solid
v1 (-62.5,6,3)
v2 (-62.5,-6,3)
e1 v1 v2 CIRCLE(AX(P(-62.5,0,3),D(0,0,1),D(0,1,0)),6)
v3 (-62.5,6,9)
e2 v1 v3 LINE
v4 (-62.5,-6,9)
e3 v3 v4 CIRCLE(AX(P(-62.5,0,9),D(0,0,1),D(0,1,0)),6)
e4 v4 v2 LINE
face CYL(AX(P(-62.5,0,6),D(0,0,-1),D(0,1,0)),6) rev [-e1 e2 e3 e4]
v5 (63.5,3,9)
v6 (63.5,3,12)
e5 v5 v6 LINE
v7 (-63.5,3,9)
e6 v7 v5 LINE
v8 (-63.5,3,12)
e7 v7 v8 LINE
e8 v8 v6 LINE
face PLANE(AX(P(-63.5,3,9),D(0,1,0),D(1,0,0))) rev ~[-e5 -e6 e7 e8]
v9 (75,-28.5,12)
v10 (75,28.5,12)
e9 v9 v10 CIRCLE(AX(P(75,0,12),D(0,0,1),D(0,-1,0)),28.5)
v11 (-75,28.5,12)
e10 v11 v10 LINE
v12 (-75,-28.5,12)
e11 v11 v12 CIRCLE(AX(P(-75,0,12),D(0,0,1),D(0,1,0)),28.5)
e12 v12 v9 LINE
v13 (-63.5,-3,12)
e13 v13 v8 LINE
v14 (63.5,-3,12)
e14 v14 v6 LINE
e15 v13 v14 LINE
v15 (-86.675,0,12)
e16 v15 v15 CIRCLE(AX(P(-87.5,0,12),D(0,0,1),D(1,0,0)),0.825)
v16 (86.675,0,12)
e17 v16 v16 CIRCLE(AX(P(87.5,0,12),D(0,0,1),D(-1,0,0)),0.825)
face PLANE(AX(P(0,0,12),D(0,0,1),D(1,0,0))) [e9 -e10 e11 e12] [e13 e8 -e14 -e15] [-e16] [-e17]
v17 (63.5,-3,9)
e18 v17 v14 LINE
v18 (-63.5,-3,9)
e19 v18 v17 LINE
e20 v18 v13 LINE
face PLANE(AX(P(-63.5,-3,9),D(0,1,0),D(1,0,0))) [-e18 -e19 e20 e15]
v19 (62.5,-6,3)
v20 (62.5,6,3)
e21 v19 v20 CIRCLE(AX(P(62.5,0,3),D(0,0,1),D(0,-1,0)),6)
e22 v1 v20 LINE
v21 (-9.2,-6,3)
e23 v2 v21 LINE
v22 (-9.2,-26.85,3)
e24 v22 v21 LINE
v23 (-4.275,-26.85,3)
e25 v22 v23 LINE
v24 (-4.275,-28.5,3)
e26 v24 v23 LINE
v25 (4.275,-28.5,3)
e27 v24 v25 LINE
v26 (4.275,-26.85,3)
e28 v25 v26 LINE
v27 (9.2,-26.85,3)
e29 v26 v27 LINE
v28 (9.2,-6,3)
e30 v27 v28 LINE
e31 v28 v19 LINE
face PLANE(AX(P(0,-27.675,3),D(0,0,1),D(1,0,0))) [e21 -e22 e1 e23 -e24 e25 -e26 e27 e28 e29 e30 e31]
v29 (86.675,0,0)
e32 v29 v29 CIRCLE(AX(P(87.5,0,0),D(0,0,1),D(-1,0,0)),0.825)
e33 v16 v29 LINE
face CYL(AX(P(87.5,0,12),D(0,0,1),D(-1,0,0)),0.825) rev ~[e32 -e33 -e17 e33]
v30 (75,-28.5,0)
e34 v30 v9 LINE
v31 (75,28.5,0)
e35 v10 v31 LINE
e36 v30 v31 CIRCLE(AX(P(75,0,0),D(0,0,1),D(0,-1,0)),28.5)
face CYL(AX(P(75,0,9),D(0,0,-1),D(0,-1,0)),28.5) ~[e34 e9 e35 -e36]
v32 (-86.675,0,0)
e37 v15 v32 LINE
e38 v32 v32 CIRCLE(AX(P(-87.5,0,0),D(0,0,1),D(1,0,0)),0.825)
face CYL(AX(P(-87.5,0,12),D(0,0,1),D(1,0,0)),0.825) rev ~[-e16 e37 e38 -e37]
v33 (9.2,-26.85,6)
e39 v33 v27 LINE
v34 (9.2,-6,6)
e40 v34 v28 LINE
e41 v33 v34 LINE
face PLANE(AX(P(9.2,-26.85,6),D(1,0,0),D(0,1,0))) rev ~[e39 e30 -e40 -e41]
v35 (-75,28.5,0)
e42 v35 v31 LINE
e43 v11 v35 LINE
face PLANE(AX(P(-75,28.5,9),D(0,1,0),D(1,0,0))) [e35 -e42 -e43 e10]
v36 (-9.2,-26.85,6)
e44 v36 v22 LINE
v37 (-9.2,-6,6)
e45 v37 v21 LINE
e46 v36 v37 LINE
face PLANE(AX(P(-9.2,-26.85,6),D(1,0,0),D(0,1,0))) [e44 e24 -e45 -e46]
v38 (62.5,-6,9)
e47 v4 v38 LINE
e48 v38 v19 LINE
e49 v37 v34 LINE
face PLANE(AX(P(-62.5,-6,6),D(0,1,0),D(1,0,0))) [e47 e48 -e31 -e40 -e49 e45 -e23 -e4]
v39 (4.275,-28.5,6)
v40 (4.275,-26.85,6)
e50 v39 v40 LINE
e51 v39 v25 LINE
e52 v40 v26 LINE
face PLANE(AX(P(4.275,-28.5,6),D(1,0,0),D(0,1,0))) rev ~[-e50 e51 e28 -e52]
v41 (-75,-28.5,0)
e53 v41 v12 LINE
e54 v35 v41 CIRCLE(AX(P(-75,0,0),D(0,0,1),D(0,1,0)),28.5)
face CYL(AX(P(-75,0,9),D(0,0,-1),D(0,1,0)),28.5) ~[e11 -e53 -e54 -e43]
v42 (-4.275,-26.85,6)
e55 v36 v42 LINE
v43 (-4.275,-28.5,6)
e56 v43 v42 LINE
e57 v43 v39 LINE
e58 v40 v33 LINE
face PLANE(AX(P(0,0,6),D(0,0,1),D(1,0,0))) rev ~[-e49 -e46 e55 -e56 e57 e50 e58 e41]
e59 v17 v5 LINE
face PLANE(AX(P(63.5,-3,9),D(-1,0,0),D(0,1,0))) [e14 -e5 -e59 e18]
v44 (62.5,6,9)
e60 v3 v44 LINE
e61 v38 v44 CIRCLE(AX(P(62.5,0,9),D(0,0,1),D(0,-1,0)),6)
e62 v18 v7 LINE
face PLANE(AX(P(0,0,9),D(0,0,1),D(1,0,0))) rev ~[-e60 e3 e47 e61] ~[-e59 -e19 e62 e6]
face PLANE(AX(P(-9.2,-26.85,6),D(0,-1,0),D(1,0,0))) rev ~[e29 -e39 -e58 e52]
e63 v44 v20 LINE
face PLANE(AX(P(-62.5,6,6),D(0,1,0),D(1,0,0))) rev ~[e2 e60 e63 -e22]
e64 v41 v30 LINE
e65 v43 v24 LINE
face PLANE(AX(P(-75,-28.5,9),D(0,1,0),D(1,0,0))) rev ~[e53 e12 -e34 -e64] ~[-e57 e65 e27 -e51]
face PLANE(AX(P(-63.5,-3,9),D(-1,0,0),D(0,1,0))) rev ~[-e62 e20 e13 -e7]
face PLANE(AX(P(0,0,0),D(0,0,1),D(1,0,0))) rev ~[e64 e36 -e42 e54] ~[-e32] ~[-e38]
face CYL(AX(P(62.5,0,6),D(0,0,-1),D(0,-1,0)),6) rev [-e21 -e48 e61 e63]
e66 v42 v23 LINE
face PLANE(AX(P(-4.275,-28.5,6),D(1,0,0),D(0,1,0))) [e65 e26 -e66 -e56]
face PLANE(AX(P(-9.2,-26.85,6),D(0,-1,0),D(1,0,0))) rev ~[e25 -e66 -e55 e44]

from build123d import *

# Parameters (mm, degrees)
PAD_DEPTH          = 6
POCKET_DEPTH       = 3
SKETCH002_W        = 18.4
SKETCH002_H        = 20.85
POCKET001_DEPTH    = 3
SKETCH003_W        = 8.55
SKETCH003_H        = 1.65
POCKET002_DEPTH    = 3
PAD001_DEPTH       = 3
SKETCH005_W        = 127
SKETCH005_H        = 6
PAD002_DEPTH       = 3
SKETCH006_R        = 0.825
POCKET003_DEPTH    = 442.080062
POLARPATTERN_COUNT = 2


with BuildPart() as part:
    # Sketch → Pad (new body)
    with BuildSketch(Plane.XY):
        with BuildLine():
            ThreePointArc((-75, 28.5), (-103.5, 0), (-75, -28.5))
            Line((-75, -28.5), (75, -28.5))
            ThreePointArc((75, -28.5), (103.5, 0), (75, 28.5))
            Line((-75, 28.5), (75, 28.5))
        make_face()
    extrude(amount=PAD_DEPTH)

    # Sketch001 (on Face6 of Pad) → Pocket (cut)
    with BuildSketch(Plane.XY.offset(6)):
        with BuildLine():
            ThreePointArc((-62.5, 6), (-68.5, 0), (-62.5, -6))
            Line((-62.5, -6), (62.5, -6))
            ThreePointArc((62.5, -6), (68.5, 0), (62.5, 6))
            Line((-62.5, 6), (62.5, 6))
        make_face()
    extrude(amount=-POCKET_DEPTH, mode=Mode.SUBTRACT)

    # Sketch002 (on Face5 of Pocket) → Pocket001 (cut)
    with BuildSketch(Plane.XY.offset(6)):
        with Locations((0, -16.425)):
            Rectangle(SKETCH002_W, SKETCH002_H)
    extrude(amount=-POCKET001_DEPTH, mode=Mode.SUBTRACT)

    # Sketch003 (on Face5 of Pocket001) → Pocket002 (cut)
    with BuildSketch(Plane.XY.offset(6)):
        with Locations((0, -27.675)):
            Rectangle(SKETCH003_W, SKETCH003_H)
    extrude(amount=-POCKET002_DEPTH, mode=Mode.SUBTRACT)

    # Sketch004 (on Face5 of Pocket002) → Pad001 (join)
    with BuildSketch(Plane.XY.offset(6)):
        with BuildLine():
            ThreePointArc((-75, 28.5), (-103.5, 0), (-75, -28.5))
            Line((-75, -28.5), (75, -28.5))
            ThreePointArc((75, -28.5), (103.5, 0), (75, 28.5))
            Line((-75, 28.5), (75, 28.5))
        make_face()
        with BuildLine():
            ThreePointArc((-62.5, 6), (-68.5, 0), (-62.5, -6))
            Line((-62.5, -6), (62.5, -6))
            ThreePointArc((62.5, -6), (68.5, 0), (62.5, 6))
            Line((-62.5, 6), (62.5, 6))
        make_face(mode=Mode.SUBTRACT)
    extrude(amount=PAD001_DEPTH)

    # Sketch005 (on Face12 of Pad001) → Pad002 (join)
    with BuildSketch(Plane.XY.offset(9)):
        with BuildLine():
            ThreePointArc((-75, 28.5), (-103.5, 0), (-75, -28.5))
            Line((-75, -28.5), (75, -28.5))
            ThreePointArc((75, -28.5), (103.5, 0), (75, 28.5))
            Line((-75, 28.5), (75, 28.5))
        make_face()
        Rectangle(SKETCH005_W, SKETCH005_H, mode=Mode.SUBTRACT)
    extrude(amount=PAD002_DEPTH)

    # Sketch006 (on Face20 of Pad002) → Pocket003 (cut, through all)
    with BuildSketch(Plane.XY.offset(12)):
        with Locations((-87.5, 0)):
            Circle(SKETCH006_R)
    pocket003 = extrude(amount=-POCKET003_DEPTH, mode=Mode.SUBTRACT)

    # PolarPattern: Pocket003 ×2 about axis
    polarpattern_axis = Axis((0, 0, 12), (0, 0, 1))
    for i in range(1, POLARPATTERN_COUNT):
        add(pocket003.rotate(polarpattern_axis, i * 360 / POLARPATTERN_COUNT), mode=Mode.SUBTRACT)


solid = part.part
